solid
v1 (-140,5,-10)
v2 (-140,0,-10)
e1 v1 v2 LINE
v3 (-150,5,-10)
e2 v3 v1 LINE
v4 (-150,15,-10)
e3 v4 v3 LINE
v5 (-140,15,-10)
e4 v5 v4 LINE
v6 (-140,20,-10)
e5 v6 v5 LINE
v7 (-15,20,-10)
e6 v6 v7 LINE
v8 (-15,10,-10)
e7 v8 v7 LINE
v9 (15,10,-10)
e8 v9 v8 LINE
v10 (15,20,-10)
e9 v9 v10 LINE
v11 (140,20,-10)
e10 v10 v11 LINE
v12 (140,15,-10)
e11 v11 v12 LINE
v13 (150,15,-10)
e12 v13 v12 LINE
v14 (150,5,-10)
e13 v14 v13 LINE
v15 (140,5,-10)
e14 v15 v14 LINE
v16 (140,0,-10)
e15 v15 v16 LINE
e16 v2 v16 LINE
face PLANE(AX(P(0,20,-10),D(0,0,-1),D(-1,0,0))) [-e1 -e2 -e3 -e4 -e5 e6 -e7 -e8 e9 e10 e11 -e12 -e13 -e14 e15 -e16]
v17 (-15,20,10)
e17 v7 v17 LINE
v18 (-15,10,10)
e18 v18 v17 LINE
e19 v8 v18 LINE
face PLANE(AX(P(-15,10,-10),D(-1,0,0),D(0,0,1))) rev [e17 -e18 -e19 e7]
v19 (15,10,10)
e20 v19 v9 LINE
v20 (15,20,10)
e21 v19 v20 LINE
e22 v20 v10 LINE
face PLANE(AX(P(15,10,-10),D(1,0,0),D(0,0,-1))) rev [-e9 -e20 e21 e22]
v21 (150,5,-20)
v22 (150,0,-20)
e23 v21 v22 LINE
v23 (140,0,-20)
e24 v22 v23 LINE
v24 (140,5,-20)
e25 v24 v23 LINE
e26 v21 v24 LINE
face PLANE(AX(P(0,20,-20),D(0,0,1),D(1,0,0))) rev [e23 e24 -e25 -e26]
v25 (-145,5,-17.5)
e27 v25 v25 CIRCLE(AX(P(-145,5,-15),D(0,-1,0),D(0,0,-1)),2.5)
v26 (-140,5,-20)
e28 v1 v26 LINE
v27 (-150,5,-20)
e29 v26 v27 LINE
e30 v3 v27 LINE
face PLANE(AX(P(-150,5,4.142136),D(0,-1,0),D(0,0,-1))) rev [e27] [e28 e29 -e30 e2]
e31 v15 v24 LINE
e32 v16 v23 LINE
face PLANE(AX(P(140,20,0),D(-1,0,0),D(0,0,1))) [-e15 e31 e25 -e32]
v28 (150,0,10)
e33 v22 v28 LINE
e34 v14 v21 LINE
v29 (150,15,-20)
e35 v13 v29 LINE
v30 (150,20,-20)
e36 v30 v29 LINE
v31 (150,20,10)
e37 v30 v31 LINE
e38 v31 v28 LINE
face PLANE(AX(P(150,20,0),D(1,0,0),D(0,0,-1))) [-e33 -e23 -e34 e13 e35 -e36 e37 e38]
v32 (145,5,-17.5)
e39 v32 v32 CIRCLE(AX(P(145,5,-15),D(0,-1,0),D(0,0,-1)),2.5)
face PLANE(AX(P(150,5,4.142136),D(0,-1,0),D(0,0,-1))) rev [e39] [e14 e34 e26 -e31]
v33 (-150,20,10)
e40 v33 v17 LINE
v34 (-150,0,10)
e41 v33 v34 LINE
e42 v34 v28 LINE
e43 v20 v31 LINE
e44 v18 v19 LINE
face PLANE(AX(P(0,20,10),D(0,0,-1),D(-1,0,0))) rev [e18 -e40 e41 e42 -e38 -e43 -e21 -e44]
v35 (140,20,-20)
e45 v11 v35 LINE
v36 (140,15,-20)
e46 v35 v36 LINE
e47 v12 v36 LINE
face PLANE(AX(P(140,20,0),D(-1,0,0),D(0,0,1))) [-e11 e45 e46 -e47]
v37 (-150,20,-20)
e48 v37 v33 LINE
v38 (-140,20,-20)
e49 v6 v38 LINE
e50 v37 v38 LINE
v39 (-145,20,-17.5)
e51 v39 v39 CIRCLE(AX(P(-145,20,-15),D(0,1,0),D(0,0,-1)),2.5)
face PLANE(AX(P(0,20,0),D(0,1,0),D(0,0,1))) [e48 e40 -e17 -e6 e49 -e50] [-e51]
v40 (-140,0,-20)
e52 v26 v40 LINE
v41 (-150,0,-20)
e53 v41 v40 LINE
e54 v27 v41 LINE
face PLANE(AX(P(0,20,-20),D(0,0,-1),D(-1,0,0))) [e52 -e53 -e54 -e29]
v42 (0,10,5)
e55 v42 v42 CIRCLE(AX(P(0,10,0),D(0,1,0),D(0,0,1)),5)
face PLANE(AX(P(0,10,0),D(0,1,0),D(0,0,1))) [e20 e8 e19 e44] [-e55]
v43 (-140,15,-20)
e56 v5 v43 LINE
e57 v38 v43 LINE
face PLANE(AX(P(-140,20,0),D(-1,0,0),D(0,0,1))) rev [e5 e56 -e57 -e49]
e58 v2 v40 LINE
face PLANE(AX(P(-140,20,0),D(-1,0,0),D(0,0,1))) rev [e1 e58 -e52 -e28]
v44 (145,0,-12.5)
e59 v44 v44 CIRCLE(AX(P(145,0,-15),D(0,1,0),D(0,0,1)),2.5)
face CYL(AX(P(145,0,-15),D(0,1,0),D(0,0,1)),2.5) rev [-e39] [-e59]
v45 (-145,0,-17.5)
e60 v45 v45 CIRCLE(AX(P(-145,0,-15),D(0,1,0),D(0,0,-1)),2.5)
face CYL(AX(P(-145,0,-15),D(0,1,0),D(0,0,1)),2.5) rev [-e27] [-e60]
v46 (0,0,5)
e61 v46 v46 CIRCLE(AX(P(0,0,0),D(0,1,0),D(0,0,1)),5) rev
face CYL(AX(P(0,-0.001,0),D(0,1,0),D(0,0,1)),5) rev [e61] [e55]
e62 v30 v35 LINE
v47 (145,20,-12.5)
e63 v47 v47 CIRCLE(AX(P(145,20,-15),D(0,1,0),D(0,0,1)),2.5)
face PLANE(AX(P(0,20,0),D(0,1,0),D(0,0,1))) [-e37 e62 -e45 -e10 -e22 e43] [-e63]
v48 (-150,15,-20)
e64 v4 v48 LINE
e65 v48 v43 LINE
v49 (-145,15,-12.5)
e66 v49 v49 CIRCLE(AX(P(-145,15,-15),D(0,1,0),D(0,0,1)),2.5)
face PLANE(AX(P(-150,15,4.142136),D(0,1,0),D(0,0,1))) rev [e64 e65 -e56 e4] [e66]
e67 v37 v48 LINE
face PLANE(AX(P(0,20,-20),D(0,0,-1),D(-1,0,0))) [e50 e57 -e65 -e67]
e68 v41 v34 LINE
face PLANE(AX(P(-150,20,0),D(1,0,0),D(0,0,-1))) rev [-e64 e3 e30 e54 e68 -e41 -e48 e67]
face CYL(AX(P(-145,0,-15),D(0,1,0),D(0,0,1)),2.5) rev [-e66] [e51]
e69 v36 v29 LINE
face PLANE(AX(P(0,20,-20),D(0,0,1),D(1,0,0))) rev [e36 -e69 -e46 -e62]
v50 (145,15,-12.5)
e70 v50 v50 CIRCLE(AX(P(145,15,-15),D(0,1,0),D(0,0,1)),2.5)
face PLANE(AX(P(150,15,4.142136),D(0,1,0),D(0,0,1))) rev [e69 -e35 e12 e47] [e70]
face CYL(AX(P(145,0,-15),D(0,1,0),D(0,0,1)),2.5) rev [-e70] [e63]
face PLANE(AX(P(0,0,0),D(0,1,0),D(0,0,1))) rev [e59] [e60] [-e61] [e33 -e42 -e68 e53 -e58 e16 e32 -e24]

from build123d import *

# Parameters (mm, degrees)
SKETCH1_W           = 300
SKETCH1_H           = 20
SKETCH1_W_2         = 10
SKETCH1_H_2         = 10
BOSS_EXTRUDE1_DEPTH = 20
SKETCH6_W           = 10
SKETCH6_H           = 10
CUT_EXTRUDE5_DEPTH  = 10
SKETCH2_W           = 30
SKETCH2_H           = 20
CUT_EXTRUDE1_DEPTH  = 10
SKETCH4_R           = 2.5
CUT_EXTRUDE3_DEPTH  = 153.643375225
CUT_EXTRUDE4_REACH  = 153.658
SKETCH5_R           = 5


with BuildPart() as part:
    # Sketch1 → Boss-Extrude1 (new body)
    with BuildSketch(Plane(origin=(0, 0, 0), x_dir=(1, 0, 0), z_dir=(0, 1, 0))):
        Rectangle(SKETCH1_W, SKETCH1_H)
        with Locations((-145, 15)):
            Rectangle(SKETCH1_W_2, SKETCH1_H_2)
        with Locations((145, 15)):
            Rectangle(SKETCH1_W_2, SKETCH1_H_2)
    extrude(amount=BOSS_EXTRUDE1_DEPTH)

    # Sketch6 → Cut-Extrude5 (cut)
    with BuildSketch(Plane(origin=(0, 0, -20), x_dir=(-1, 0, 0), z_dir=(0, 0, -1))):
        with Locations((-145, 10)):
            Rectangle(SKETCH6_W, SKETCH6_H)
        with Locations((145, 10)):
            Rectangle(SKETCH6_W, SKETCH6_H)
    extrude(amount=-CUT_EXTRUDE5_DEPTH, mode=Mode.SUBTRACT)

    # Sketch2 → Cut-Extrude1 (cut)
    with BuildSketch(Plane(origin=(0, 20, 0), x_dir=(1, 0, 0), z_dir=(0, 1, 0))):
        Rectangle(SKETCH2_W, SKETCH2_H)
    extrude(amount=-CUT_EXTRUDE1_DEPTH, mode=Mode.SUBTRACT)

    # Sketch4 → Cut-Extrude3 (cut, through all)
    with BuildSketch(Plane(origin=(0, 20, 0), x_dir=(1, 0, 0), z_dir=(0, 1, 0))):
        with Locations(Location((-145, 15, 0), (0, 0, 90))):
            Circle(SKETCH4_R)
        with Locations(Location((145, 15, 0), (0, 0, 270))):
            Circle(SKETCH4_R)
    extrude(amount=-CUT_EXTRUDE3_DEPTH, mode=Mode.SUBTRACT)

    # Sketch5 → Cut-Extrude4 (cut, up to next)
    with BuildSketch(Plane(origin=(0, 10, 0), x_dir=(1, 0, 0), z_dir=(0, 1, 0)), mode=Mode.PRIVATE) as cut_extrude4_sk1:
        with Locations(Location((0, 0, 0), (0, 0, 270))):
            Circle(SKETCH5_R)
    cut_extrude4_tool1 = extrude(cut_extrude4_sk1.sketch, amount=-CUT_EXTRUDE4_REACH, mode=Mode.PRIVATE) & part.part
    add(cut_extrude4_tool1.solids().sort_by_distance((0, 10, 0))[0], mode=Mode.SUBTRACT)


solid = part.part
